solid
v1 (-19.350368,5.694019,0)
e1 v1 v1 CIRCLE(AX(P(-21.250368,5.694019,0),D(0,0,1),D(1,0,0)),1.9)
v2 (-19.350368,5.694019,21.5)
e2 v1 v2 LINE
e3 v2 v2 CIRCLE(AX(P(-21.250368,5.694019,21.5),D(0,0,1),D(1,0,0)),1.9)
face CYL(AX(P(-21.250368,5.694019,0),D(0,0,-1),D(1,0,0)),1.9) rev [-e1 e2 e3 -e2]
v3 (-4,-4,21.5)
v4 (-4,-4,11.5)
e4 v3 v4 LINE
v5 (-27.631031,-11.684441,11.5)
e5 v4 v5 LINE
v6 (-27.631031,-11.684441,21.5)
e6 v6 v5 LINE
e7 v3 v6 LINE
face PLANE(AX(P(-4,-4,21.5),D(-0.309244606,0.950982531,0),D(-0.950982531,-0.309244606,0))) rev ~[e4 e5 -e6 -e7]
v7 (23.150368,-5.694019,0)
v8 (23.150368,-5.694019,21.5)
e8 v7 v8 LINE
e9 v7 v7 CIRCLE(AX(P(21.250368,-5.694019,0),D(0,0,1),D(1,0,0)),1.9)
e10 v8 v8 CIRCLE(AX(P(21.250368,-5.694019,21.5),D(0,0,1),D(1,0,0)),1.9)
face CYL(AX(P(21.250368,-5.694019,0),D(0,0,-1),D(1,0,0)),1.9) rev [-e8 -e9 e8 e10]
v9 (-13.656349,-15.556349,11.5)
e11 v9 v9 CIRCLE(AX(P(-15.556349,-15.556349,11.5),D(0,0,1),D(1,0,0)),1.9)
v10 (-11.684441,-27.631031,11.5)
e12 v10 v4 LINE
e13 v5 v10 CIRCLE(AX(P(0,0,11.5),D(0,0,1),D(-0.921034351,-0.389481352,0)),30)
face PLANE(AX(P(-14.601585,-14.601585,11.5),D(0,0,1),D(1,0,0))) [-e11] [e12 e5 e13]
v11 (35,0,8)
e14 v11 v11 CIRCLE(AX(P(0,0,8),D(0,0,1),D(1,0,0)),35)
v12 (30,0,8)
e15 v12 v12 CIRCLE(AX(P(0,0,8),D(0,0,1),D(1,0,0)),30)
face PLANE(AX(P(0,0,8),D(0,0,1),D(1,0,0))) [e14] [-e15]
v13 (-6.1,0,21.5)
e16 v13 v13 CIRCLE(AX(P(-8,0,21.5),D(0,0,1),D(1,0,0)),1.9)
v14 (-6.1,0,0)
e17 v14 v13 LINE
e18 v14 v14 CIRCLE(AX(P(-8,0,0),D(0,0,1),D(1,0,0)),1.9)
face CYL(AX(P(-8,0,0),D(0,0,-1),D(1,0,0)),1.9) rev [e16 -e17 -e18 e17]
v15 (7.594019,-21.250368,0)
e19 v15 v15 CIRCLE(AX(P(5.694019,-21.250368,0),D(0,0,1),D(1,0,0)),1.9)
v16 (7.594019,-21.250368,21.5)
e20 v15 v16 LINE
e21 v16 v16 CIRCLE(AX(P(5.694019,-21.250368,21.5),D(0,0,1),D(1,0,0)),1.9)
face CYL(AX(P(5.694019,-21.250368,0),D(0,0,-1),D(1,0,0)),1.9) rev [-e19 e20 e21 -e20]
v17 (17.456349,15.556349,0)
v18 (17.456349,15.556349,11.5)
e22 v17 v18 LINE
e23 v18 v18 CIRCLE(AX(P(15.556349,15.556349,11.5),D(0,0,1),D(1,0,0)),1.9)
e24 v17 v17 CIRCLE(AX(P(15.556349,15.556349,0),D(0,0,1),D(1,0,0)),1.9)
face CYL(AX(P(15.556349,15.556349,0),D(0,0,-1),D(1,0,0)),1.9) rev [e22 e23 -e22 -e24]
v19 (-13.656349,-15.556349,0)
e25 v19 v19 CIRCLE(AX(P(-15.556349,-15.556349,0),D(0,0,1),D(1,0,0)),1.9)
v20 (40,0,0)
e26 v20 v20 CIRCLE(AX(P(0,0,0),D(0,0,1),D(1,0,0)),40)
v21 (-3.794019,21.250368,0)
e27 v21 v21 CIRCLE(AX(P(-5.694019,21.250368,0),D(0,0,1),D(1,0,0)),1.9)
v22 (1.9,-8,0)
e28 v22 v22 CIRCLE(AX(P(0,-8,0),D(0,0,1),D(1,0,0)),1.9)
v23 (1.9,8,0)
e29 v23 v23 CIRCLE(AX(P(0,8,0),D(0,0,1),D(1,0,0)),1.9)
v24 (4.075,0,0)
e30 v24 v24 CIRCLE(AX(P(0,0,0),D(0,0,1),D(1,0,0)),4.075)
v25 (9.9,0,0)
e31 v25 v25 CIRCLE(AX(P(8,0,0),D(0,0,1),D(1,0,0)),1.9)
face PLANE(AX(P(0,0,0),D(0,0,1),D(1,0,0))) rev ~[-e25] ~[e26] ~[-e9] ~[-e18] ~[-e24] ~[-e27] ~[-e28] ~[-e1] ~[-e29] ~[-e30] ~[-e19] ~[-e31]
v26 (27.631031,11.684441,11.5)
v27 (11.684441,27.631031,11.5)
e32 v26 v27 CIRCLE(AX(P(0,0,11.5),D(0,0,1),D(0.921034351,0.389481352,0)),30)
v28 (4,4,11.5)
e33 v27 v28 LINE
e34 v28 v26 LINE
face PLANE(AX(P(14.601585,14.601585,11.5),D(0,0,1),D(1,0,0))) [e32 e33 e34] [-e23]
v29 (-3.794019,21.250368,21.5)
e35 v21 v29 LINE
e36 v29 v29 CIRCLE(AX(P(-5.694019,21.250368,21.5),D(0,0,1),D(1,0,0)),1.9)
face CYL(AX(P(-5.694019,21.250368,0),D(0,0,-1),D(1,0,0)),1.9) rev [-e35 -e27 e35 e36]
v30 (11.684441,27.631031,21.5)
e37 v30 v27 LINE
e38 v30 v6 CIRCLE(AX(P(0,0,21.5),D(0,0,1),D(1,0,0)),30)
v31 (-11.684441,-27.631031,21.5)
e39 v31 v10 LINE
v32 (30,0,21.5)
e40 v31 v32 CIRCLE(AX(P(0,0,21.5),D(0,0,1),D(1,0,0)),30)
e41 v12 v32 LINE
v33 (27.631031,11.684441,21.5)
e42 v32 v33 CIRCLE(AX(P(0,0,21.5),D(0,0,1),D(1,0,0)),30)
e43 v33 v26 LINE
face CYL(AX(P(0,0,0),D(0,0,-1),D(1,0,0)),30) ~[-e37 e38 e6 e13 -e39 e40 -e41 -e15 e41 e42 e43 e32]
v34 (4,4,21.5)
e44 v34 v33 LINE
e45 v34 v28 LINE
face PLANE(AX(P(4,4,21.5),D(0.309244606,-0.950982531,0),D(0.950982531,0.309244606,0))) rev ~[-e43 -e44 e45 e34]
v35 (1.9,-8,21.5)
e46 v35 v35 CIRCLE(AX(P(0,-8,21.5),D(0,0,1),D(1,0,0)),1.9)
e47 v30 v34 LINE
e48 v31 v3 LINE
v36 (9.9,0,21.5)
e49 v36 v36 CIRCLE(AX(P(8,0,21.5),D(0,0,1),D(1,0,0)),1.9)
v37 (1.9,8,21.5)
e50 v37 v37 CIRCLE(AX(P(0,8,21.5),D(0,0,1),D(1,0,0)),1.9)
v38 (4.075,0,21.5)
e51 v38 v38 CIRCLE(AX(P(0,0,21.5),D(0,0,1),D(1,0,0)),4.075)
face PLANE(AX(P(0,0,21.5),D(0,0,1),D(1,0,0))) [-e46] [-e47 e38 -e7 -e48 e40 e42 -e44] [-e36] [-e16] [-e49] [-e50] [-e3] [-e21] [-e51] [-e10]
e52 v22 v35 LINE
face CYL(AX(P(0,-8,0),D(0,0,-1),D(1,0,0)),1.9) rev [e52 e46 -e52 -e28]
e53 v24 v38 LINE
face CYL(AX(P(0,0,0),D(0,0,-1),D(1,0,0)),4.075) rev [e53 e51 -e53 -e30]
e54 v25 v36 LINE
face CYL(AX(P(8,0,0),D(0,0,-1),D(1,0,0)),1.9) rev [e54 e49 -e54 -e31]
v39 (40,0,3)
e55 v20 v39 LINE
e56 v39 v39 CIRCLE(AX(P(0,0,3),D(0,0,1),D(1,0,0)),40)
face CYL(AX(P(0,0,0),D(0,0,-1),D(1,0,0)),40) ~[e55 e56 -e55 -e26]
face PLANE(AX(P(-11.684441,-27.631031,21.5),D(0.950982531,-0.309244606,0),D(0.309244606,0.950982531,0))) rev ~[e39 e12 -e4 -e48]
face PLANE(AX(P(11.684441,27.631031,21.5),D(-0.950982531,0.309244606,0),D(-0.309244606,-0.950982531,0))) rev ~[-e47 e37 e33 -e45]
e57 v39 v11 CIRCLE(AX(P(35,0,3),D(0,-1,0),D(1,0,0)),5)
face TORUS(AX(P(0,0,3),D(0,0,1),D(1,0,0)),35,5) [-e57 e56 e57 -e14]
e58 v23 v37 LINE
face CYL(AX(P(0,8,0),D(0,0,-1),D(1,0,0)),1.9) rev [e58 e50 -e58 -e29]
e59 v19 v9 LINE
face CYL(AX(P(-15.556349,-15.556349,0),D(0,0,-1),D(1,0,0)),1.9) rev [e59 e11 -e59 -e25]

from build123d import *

# Parameters (mm, degrees)
F0_R     = 30
F0_R_2   = 1.9
F0_R_3   = 4.075
F1_DEPTH = 21.5
F0_R_4   = 40
F2_DEPTH = 8
F3_R     = 1.9
F4_DEPTH = 10
F5_R     = 5


with BuildPart() as f1:
    # F0 (on Top) → F1 (new body)
    with BuildSketch(Plane.XY):
        Circle(F0_R)
        with Locations((-15.5563491861, -15.5563491861)):
            Circle(F0_R_2, mode=Mode.SUBTRACT)
        with Locations((5.6940189923, -21.2503681784)):
            Circle(F0_R_2, mode=Mode.SUBTRACT)
        with Locations((0, -8)):
            Circle(F0_R_2, mode=Mode.SUBTRACT)
        with Locations((21.2503681784, -5.6940189923)):
            Circle(F0_R_2, mode=Mode.SUBTRACT)
        with Locations((-21.2503681784, 5.6940189923)):
            Circle(F0_R_2, mode=Mode.SUBTRACT)
        with Locations((-8, 0)):
            Circle(F0_R_2, mode=Mode.SUBTRACT)
        with Locations((-5.6940189923, 21.2503681784)):
            Circle(F0_R_2, mode=Mode.SUBTRACT)
        Circle(F0_R_3, mode=Mode.SUBTRACT)
        with Locations((8, 0)):
            Circle(F0_R_2, mode=Mode.SUBTRACT)
        with Locations((0, 8)):
            Circle(F0_R_2, mode=Mode.SUBTRACT)
        with Locations((15.5563491861, 15.5563491861)):
            Circle(F0_R_2, mode=Mode.SUBTRACT)
    extrude(amount=F1_DEPTH)

    # F0 (on Top) → F2 (join)
    with BuildSketch(Plane.XY):
        Circle(F0_R_4)
        Circle(F0_R, mode=Mode.SUBTRACT)
    extrude(amount=F2_DEPTH)

    # F3 (on face) → F4 (cut)
    with BuildSketch(Plane.XY.offset(21.5)):
        with BuildLine():
            Line((-11.6844405683, -27.6310305382), (-4, -4))
            Line((-4, -4), (-27.6310305382, -11.6844405683))
            ThreePointArc((-27.6310305382, -11.6844405683), (-21.2132034356, -21.2132034356), (-11.6844405683, -27.6310305382))
        make_face()
        with Locations((-15.5563491861, -15.5563491861)):
            Circle(F3_R, mode=Mode.SUBTRACT)
        with BuildLine():
            ThreePointArc((27.6310305382, 11.6844405683), (21.2132034356, 21.2132034356), (11.6844405683, 27.6310305382))
            Line((11.6844405683, 27.6310305382), (4, 4))
            Line((4, 4), (27.6310305382, 11.6844405683))
        make_face()
        with Locations((15.5563491861, 15.5563491861)):
            Circle(F3_R, mode=Mode.SUBTRACT)
    extrude(amount=-F4_DEPTH, mode=Mode.SUBTRACT)

    # F5
    f5_edges = [f1.edges().sort_by_distance(p)[0] for p in [
        (-40, 0, 8),
    ]]
    fillet(f5_edges, radius=F5_R)


solid = f1.part
